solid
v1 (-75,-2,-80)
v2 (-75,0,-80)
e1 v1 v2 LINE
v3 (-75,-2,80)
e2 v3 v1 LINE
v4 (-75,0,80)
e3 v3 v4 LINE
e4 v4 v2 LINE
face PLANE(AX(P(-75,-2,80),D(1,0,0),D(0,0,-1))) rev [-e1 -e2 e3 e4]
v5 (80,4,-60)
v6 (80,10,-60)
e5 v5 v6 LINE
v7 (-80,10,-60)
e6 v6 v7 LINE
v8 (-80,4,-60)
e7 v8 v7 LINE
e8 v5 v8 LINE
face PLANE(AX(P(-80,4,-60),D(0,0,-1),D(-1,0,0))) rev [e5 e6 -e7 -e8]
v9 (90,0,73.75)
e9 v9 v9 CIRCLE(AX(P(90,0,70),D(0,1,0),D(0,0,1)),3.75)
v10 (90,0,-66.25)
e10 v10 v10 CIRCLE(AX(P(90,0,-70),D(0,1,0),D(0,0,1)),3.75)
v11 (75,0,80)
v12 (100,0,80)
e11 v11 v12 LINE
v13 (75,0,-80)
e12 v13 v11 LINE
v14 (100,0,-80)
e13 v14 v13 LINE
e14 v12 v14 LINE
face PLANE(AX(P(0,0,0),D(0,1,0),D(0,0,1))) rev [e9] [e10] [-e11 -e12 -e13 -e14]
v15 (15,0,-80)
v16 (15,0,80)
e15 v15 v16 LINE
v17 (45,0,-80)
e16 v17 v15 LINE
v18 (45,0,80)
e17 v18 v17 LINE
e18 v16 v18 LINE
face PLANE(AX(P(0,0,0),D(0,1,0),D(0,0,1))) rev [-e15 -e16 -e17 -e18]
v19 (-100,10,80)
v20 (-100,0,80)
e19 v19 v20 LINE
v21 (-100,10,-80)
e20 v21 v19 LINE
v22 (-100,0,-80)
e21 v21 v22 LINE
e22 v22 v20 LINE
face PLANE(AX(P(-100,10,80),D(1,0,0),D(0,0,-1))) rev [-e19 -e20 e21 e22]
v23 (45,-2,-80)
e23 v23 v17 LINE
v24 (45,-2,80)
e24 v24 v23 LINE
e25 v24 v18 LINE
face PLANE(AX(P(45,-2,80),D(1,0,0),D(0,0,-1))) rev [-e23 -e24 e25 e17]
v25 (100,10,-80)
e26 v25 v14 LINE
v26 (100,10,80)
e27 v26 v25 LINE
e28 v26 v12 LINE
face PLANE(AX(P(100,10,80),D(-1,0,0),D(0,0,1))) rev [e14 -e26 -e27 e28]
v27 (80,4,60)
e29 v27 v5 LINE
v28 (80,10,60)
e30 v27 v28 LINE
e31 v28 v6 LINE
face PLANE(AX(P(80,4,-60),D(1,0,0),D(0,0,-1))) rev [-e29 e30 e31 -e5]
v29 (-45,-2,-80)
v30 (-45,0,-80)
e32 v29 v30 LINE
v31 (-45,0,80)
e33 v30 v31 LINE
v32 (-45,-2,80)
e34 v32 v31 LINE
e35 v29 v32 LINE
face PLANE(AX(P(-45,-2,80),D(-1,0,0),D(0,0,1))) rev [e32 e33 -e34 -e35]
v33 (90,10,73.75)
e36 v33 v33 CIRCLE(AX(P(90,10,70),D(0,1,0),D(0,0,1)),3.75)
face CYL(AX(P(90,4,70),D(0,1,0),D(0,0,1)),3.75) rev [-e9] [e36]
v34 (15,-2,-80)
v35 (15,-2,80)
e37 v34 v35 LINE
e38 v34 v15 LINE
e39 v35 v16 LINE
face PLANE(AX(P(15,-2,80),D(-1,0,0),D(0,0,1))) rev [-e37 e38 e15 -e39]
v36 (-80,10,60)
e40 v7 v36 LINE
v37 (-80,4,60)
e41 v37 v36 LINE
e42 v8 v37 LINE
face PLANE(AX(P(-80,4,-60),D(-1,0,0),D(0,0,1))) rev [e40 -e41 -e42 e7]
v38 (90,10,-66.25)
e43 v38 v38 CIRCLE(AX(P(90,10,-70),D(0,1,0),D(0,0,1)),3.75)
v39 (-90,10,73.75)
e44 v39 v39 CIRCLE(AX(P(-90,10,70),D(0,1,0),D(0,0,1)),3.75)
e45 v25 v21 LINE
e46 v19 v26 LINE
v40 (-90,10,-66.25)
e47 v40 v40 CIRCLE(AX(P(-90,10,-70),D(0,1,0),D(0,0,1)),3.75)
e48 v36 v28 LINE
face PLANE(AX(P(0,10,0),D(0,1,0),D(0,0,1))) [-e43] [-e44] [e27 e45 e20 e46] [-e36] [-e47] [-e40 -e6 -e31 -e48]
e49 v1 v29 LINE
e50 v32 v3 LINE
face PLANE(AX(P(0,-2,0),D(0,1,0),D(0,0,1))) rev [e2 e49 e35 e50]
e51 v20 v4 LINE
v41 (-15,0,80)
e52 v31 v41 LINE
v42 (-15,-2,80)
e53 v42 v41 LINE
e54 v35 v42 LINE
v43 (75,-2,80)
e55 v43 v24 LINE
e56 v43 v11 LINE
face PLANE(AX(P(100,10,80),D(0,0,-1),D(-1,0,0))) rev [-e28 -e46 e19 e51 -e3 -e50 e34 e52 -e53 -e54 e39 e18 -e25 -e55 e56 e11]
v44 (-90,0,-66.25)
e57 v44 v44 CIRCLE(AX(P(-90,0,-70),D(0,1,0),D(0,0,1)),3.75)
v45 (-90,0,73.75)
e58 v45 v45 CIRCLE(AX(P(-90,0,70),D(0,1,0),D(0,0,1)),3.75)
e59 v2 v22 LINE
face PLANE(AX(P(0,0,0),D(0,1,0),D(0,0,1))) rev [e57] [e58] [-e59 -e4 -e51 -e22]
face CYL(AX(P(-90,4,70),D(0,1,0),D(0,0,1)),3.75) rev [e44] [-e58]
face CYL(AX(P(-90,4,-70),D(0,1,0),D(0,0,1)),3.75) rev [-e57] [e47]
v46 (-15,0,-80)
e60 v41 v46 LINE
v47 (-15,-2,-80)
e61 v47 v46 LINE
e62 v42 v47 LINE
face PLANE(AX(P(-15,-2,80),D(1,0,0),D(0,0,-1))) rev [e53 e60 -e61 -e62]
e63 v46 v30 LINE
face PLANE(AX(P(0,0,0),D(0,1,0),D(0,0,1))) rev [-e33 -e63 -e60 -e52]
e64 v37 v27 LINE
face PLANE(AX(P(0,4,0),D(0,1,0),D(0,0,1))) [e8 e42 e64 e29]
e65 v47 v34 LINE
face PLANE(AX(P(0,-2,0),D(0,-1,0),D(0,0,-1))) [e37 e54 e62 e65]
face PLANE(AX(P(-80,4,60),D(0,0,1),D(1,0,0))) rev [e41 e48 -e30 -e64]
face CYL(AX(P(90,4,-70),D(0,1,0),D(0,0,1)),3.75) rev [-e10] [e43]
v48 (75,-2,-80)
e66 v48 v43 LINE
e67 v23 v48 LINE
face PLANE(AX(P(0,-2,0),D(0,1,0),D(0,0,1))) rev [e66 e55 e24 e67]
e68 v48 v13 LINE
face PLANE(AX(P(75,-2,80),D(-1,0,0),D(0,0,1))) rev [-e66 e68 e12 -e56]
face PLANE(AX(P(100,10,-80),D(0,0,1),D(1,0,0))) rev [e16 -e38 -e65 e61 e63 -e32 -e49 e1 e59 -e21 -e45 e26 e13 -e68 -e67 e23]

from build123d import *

# Parameters (mm, degrees)
SKETCH1_W           = 200
SKETCH1_H           = 160
BOSS_EXTRUDE3_DEPTH = 10
SKETCH3_R           = 3.75
SKETCH3_W           = 160
SKETCH3_H           = 120
CUT_EXTRUDE2_DEPTH  = 6
SKETCH6_R           = 3.75
CUT_EXTRUDE4_DEPTH  = 129.202964084
SKETCH7_W           = 30
SKETCH7_H           = 160
BOSS_EXTRUDE4_DEPTH = 2


with BuildPart() as part:
    # Sketch1 → Boss-Extrude3 (new body)
    with BuildSketch(Plane(origin=(0, 0, 0), x_dir=(1, 0, 0), z_dir=(0, 1, 0))):
        Rectangle(SKETCH1_W, SKETCH1_H)
    extrude(amount=BOSS_EXTRUDE3_DEPTH)

    # Sketch3 → Cut-Extrude2 (cut)
    with BuildSketch(Plane(origin=(0, 10, 0), x_dir=(1, 0, 0), z_dir=(0, 1, 0))):
        with Locations(Location((-90, 70, 0), (0, 0, 270))):
            Circle(SKETCH3_R)
        with Locations(Location((90, -70, 0), (0, 0, 270))):
            Circle(SKETCH3_R)
        with Locations(Location((90, 70, 0), (0, 0, 270))):
            Circle(SKETCH3_R)
        with Locations(Location((-90, -70, 0), (0, 0, 270))):
            Circle(SKETCH3_R)
        Rectangle(SKETCH3_W, SKETCH3_H)
    extrude(amount=-CUT_EXTRUDE2_DEPTH, mode=Mode.SUBTRACT)

    # Sketch6 → Cut-Extrude4 (cut, through all)
    with BuildSketch(Plane(origin=(0, 4, 0), x_dir=(1, 0, 0), z_dir=(0, 1, 0))):
        with Locations(Location((-90, 70, 0), (0, 0, 270))):
            Circle(SKETCH6_R)
        with Locations(Location((90, 70, 0), (0, 0, 270))):
            Circle(SKETCH6_R)
        with Locations(Location((90, -70, 0), (0, 0, 270))):
            Circle(SKETCH6_R)
        with Locations(Location((-90, -70, 0), (0, 0, 270))):
            Circle(SKETCH6_R)
    extrude(amount=-CUT_EXTRUDE4_DEPTH, mode=Mode.SUBTRACT)

    # Sketch7 → Boss-Extrude4 (add)
    with BuildSketch(Plane(origin=(0, 0, 0), x_dir=(-1, 0, 0), z_dir=(0, -1, 0))):
        Rectangle(SKETCH7_W, SKETCH7_H)
        with Locations((60, 0)):
            Rectangle(SKETCH7_W, SKETCH7_H)
        with Locations((-60, 0)):
            Rectangle(SKETCH7_W, SKETCH7_H)
    extrude(amount=BOSS_EXTRUDE4_DEPTH)


solid = part.part
